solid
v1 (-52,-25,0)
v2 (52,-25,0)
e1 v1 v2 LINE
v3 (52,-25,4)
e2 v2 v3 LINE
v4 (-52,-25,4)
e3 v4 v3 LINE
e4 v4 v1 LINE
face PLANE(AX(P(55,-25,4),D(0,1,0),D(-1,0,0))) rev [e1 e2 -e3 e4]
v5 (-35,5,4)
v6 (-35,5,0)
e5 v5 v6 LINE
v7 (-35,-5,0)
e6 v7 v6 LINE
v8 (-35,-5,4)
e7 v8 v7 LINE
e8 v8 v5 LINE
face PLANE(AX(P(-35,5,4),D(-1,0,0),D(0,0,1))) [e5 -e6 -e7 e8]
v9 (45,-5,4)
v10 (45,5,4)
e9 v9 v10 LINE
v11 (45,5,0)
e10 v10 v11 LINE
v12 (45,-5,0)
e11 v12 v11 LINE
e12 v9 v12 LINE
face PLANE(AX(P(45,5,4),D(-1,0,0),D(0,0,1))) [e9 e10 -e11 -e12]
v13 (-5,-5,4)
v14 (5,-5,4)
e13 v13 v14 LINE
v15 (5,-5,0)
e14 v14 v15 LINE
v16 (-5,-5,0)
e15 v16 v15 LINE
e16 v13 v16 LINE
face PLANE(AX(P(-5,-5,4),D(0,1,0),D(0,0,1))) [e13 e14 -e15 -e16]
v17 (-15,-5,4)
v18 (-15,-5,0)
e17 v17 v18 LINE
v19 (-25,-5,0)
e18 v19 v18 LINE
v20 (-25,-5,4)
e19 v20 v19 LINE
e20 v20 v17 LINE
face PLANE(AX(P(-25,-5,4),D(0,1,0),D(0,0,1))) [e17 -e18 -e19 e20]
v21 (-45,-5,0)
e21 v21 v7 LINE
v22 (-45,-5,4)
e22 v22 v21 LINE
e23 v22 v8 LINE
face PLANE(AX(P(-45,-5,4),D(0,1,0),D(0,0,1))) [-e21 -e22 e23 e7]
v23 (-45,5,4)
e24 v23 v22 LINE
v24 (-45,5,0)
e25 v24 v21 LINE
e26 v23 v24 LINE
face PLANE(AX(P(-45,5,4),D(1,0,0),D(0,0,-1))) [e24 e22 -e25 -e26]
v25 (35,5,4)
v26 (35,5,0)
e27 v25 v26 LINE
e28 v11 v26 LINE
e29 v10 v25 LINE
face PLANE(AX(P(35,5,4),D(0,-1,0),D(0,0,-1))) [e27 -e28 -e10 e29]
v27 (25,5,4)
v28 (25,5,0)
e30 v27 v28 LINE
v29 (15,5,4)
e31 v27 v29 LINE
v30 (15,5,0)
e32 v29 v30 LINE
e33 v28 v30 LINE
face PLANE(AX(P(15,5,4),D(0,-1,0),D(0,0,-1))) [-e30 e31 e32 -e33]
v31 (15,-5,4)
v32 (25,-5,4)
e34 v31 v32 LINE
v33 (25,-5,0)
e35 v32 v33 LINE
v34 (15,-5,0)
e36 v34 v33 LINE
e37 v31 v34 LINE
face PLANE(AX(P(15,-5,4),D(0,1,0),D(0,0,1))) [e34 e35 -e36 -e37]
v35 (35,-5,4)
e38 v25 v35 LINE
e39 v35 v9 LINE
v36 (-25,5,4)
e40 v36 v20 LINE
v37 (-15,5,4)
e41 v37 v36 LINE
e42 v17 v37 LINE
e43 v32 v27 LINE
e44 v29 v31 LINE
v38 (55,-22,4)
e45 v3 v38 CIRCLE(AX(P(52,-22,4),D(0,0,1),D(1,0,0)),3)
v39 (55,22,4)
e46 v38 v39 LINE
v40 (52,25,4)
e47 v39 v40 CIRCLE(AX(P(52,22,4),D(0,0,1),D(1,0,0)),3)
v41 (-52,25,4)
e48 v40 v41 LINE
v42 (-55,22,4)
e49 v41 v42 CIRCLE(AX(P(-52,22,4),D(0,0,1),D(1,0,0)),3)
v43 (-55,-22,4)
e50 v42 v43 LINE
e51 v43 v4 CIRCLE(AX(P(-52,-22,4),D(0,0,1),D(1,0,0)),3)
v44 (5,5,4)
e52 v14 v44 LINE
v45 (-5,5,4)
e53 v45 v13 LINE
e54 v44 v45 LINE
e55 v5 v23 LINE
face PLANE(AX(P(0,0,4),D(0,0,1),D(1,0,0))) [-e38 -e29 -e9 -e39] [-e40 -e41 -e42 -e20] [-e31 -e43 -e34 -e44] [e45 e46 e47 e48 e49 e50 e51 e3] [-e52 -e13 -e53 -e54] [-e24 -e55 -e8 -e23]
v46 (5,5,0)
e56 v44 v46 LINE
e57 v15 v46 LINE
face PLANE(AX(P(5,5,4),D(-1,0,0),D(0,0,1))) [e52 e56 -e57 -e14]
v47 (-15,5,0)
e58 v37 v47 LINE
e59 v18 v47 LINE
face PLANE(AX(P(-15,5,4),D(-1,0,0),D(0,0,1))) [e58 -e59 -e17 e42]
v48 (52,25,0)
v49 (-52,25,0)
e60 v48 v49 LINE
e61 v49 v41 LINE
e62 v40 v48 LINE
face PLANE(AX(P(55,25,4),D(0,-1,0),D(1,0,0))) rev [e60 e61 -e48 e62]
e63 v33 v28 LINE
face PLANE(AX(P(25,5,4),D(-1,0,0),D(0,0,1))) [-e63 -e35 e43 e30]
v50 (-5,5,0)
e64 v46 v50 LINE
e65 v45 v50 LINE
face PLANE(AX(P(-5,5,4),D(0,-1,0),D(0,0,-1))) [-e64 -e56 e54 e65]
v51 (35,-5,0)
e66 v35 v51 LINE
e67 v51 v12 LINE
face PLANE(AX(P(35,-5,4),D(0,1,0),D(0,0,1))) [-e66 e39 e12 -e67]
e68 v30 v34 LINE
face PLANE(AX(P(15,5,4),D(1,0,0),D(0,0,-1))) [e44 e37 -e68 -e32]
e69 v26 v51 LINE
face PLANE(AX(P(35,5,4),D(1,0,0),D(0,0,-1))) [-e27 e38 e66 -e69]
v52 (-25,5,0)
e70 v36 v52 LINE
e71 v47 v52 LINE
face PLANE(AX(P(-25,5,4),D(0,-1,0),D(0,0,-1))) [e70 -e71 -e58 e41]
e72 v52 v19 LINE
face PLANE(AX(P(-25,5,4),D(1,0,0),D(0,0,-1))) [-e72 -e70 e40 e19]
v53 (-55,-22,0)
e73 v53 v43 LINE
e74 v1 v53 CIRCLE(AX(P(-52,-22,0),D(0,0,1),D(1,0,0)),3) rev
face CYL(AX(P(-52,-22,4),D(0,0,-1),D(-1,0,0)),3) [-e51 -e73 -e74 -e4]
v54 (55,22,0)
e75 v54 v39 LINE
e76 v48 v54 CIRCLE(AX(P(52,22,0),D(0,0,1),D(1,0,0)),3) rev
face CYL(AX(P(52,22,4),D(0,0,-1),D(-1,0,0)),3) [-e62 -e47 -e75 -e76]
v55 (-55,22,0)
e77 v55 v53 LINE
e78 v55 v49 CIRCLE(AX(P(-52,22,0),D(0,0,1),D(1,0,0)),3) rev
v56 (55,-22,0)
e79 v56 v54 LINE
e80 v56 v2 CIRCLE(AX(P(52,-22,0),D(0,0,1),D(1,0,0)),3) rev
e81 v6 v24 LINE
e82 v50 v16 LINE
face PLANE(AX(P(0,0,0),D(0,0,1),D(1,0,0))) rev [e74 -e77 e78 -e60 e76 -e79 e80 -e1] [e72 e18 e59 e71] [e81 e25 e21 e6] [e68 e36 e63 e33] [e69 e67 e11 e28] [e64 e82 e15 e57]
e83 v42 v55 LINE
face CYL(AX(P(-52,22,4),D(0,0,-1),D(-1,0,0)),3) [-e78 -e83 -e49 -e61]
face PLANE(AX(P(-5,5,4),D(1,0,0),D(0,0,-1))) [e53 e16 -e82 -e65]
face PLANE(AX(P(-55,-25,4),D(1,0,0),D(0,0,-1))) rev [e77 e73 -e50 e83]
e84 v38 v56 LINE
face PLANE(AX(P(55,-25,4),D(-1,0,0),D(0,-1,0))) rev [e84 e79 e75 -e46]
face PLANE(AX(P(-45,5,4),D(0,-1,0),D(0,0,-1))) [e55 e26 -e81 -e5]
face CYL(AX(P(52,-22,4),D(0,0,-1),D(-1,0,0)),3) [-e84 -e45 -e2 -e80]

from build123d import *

# Parameters (mm, degrees)
ESQUISSE1_W        = 110
ESQUISSE1_H        = 50
ESQUISSE1_W_2      = 10
ESQUISSE1_H_2      = 10
BOSS_EXTRU_1_DEPTH = 4
CONG_1_R           = 3


with BuildPart() as part:
    # Esquisse1 → Boss.-Extru.1 (new body)
    with BuildSketch(Plane.XY):
        Rectangle(ESQUISSE1_W, ESQUISSE1_H)
        with Locations((-20, 0)):
            Rectangle(ESQUISSE1_W_2, ESQUISSE1_H_2, mode=Mode.SUBTRACT)
        with Locations((-40, 0)):
            Rectangle(ESQUISSE1_W_2, ESQUISSE1_H_2, mode=Mode.SUBTRACT)
        Rectangle(ESQUISSE1_W_2, ESQUISSE1_H_2, mode=Mode.SUBTRACT)
        with Locations((20, 0)):
            Rectangle(ESQUISSE1_W_2, ESQUISSE1_H_2, mode=Mode.SUBTRACT)
        with Locations((40, 0)):
            Rectangle(ESQUISSE1_W_2, ESQUISSE1_H_2, mode=Mode.SUBTRACT)
    extrude(amount=BOSS_EXTRU_1_DEPTH)

    # Congé1
    cong_1_edges = [part.edges().sort_by_distance(p)[0] for p in [
        (-55, 25, 2),
        (55, 25, 2),
        (55, -25, 2),
        (-55, -25, 2),
    ]]
    fillet(cong_1_edges, radius=CONG_1_R)


solid = part.part
